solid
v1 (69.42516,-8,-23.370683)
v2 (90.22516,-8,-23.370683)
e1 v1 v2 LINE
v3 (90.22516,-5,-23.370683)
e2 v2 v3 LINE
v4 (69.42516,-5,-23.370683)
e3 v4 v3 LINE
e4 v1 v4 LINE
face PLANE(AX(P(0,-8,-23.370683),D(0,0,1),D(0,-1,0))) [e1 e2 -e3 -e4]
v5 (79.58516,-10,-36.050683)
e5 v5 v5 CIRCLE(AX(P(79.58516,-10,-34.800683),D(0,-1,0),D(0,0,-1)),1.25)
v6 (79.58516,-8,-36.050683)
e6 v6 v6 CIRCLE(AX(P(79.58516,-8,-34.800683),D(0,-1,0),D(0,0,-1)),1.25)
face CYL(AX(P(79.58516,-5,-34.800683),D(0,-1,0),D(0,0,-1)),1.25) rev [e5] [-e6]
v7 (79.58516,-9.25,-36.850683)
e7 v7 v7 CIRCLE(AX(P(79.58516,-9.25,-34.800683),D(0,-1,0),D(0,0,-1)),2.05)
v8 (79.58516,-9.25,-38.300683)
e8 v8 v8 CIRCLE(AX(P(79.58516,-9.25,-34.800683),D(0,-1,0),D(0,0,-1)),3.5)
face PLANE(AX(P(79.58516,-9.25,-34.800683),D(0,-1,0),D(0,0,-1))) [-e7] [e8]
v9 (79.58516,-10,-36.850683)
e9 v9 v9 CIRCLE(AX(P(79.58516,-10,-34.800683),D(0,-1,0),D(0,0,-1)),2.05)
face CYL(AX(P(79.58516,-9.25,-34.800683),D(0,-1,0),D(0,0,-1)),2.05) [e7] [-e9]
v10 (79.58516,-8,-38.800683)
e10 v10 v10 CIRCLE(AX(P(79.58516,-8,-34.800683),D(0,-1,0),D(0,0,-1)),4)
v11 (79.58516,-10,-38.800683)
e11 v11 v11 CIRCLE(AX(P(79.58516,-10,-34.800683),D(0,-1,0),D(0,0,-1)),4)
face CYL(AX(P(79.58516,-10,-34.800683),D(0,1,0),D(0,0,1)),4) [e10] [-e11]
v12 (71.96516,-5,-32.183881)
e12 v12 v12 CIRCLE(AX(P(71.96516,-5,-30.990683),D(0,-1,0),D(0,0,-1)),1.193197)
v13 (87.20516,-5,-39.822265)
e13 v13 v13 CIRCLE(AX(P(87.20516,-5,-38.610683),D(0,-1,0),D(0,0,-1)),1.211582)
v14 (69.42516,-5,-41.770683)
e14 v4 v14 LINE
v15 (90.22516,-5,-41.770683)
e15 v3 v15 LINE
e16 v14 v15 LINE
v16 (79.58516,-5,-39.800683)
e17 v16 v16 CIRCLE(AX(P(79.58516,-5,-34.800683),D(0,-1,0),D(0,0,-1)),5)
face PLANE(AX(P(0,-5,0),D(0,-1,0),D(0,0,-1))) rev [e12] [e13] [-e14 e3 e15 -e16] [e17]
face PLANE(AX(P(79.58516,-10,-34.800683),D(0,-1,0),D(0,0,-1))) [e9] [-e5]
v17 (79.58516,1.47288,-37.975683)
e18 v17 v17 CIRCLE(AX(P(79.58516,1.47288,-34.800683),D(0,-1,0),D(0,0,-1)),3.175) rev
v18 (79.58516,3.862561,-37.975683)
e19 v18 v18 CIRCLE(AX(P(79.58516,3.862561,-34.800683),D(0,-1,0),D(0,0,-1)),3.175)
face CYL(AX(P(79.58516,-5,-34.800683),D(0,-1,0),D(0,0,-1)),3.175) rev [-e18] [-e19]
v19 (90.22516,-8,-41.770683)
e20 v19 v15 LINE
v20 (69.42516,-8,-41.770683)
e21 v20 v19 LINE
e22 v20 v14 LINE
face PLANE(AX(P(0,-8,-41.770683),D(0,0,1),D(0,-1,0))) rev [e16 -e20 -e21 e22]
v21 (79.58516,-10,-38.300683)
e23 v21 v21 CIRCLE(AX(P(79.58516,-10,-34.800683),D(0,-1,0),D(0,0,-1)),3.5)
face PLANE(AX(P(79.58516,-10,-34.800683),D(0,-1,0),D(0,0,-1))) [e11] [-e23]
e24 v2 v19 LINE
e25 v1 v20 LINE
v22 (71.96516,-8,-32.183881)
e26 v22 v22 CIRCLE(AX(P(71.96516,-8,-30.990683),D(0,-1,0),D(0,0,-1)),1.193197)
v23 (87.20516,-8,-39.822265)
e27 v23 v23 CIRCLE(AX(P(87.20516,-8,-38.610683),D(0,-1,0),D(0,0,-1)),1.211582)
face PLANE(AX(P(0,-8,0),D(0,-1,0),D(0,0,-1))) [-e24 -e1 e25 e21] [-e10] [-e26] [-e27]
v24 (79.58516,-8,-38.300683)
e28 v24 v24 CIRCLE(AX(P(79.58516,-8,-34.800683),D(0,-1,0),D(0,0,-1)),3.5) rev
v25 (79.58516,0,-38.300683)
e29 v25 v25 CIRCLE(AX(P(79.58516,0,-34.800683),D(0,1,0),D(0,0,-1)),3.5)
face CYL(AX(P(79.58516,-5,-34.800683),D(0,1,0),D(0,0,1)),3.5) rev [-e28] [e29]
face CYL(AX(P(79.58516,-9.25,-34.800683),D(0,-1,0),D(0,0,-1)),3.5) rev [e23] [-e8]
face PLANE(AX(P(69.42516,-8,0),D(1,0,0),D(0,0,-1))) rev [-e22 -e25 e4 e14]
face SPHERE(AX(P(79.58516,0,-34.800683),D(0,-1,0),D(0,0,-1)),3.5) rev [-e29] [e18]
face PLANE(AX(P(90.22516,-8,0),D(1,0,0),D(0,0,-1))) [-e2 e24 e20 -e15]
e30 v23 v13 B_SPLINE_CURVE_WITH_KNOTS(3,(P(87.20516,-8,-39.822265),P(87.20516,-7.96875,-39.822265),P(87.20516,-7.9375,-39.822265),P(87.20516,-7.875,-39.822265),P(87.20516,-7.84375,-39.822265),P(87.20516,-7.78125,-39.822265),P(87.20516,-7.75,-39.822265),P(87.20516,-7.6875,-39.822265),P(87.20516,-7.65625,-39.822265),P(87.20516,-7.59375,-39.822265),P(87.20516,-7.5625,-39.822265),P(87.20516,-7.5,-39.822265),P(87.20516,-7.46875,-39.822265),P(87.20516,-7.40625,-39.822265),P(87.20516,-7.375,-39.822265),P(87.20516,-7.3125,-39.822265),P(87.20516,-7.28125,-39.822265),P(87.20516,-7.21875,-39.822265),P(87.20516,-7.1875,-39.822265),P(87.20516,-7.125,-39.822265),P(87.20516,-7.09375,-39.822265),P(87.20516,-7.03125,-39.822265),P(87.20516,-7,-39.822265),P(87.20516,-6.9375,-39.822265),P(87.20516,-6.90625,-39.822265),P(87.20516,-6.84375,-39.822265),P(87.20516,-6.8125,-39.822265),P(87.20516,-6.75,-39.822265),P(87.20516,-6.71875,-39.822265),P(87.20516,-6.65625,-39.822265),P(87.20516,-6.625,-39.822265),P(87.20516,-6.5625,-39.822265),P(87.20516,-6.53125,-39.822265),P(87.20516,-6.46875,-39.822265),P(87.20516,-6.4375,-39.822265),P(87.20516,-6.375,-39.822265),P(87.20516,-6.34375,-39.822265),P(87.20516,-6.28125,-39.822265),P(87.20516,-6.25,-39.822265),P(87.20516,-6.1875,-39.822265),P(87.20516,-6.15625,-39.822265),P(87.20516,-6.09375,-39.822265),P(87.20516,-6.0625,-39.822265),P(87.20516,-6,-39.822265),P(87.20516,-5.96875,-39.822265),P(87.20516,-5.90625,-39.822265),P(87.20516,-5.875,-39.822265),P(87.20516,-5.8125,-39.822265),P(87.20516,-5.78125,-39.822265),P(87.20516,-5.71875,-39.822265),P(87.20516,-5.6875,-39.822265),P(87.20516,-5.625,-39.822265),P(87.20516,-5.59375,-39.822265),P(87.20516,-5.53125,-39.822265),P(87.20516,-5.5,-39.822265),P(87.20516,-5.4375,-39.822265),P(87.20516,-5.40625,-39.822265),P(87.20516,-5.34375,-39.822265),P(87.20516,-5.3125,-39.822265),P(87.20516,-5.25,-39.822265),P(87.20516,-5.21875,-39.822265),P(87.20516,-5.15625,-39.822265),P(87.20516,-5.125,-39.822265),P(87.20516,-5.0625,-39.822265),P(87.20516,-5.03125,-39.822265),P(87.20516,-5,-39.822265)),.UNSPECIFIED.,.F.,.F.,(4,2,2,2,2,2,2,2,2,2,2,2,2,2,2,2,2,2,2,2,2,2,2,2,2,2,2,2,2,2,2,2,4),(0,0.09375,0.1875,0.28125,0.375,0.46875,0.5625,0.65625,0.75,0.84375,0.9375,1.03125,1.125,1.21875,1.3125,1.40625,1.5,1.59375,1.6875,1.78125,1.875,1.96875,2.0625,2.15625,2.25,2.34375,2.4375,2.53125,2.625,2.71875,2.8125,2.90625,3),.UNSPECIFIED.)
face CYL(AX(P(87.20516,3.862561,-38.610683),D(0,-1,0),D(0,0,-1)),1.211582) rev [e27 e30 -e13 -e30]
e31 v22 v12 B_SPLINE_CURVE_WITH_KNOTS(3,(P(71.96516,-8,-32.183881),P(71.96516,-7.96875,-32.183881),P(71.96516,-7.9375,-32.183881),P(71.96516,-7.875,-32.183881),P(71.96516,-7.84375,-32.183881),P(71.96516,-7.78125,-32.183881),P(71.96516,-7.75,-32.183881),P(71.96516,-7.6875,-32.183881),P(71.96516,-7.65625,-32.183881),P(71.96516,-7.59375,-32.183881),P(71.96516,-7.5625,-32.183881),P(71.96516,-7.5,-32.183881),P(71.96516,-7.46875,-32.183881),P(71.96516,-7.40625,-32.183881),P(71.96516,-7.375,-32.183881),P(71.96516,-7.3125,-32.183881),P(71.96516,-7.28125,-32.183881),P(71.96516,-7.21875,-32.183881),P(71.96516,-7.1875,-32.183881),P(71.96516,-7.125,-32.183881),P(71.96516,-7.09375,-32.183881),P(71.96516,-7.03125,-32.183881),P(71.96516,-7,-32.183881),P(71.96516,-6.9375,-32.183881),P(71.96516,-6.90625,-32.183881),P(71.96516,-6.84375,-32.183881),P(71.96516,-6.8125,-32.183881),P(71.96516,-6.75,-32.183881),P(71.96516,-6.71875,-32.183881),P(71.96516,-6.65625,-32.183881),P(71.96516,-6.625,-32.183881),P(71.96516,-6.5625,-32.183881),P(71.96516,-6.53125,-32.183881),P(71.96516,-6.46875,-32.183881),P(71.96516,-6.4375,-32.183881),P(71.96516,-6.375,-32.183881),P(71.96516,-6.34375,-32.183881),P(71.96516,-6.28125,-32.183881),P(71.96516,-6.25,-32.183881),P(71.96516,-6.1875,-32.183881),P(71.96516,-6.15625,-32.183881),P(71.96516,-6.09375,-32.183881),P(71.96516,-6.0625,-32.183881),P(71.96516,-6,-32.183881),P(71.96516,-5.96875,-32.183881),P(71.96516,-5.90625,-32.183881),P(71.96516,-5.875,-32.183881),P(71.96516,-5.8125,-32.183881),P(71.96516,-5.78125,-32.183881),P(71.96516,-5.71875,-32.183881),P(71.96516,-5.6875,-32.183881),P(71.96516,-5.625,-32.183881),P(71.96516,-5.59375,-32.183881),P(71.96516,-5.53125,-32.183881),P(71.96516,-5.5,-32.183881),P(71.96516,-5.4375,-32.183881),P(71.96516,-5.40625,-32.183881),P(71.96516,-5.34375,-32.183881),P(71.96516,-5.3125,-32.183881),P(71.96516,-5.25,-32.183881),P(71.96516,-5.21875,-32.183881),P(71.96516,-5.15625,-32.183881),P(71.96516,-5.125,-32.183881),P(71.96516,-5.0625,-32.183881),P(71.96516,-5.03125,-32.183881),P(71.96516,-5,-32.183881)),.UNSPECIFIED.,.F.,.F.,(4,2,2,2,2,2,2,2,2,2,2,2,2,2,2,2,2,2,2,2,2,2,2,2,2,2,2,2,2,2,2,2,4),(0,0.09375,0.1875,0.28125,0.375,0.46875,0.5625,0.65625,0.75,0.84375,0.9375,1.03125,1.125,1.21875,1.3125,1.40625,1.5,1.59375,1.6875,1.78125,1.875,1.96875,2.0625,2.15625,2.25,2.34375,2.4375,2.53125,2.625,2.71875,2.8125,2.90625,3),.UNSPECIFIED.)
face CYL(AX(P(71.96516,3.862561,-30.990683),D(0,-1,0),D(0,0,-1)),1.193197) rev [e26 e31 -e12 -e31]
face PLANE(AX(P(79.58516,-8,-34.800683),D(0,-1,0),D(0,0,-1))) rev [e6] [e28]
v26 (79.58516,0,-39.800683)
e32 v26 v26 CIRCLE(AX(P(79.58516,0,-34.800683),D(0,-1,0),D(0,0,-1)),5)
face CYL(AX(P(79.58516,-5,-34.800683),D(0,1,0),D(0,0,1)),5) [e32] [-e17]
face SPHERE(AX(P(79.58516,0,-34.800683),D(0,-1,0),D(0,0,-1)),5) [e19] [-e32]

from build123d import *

# Parameters (mm, degrees)
REVOLVE1_ANGLE             = 180
SKETCH3_R                  = 5
SKETCH3_R_2                = 3.5
BOSS_EXTRUDE1_DEPTH        = 5
F_1_4_0_2500_DOWEL_HOLE2_D = 6.35
SKETCH8_W                  = 20.8
SKETCH8_H                  = 18.4
SKETCH8_R                  = 3.5
BOSS_EXTRUDE3_DEPTH        = 3
CUT_EXTRUDE1_DEPTH         = 101.130363876
SKETCH11_R                 = 4
BOSS_EXTRUDE4_DEPTH        = 2
SKETCH12_R                 = 1.25
CUT_EXTRUDE2_DEPTH         = 5
CUT_EXTRUDE4_START         = -0.75
SKETCH13_R                 = 3.5
SKETCH13_R_2               = 2.05
CUT_EXTRUDE4_DEPTH         = 0.75


with BuildPart() as part:
    # Sketch2 → Revolve1 (revolve)
    with BuildSketch(Plane(origin=(0, 0, 0), x_dir=(1, 0, 0), z_dir=(0, 1, 0))):
        with BuildLine():
            Line((76.085159762, 34.800683112), (74.585159762, 34.800683112))
            ThreePointArc((74.585159762, 34.800683112), (79.585159762, 39.800683112), (84.585159762, 34.800683112))
            Line((84.585159762, 34.800683112), (83.085159762, 34.800683112))
            ThreePointArc((83.085159762, 34.800683112), (79.585159762, 38.300683112), (76.085159762, 34.800683112))
        make_face()
    revolve(axis=Axis((79.585159762, 0, -34.800683112), (1, 0, 0)), revolution_arc=REVOLVE1_ANGLE)

    # Sketch3 → Boss-Extrude1 (add)
    with BuildSketch(Plane.XZ):
        with Locations(Location((79.585159762, -34.800683112, 0), (0, 0, 270))):
            Circle(SKETCH3_R)
        with Locations(Location((79.585159762, -34.800683112, 0), (0, 0, 270))):
            Circle(SKETCH3_R_2, mode=Mode.SUBTRACT)
    extrude(amount=BOSS_EXTRUDE1_DEPTH)

    # 1/4 (0.2500) Dowel Hole2 (through all)
    with Locations(Plane(origin=(79.585159762, -5, -34.800683112), x_dir=(0, 0, -1), z_dir=(0, -1, 0))):
        with Locations((0, 0)):
            Hole(F_1_4_0_2500_DOWEL_HOLE2_D / 2)

    # Sketch8 → Boss-Extrude3 (add)
    with BuildSketch(Plane(origin=(0, -5, 0), x_dir=(-1, 0, 0), z_dir=(0, -1, 0))):
        with Locations((-79.825159762, 32.570683112)):
            Rectangle(SKETCH8_W, SKETCH8_H)
        with Locations((-79.585159762, 34.800683112)):
            Circle(SKETCH8_R, mode=Mode.SUBTRACT)
    extrude(amount=BOSS_EXTRUDE3_DEPTH)

    # Sketch10 → Cut-Extrude1 (cut, through all)
    with BuildSketch(Plane(origin=(0, -8, 0), x_dir=(-1, 0, 0), z_dir=(0, -1, 0))):
        with BuildLine():
            ThreePointArc((-85.993577992, 38.610683112), (-88.061877446, 39.467400797), (-87.205159762, 37.399101343))
            Line((-87.205159762, 37.399101343), (-87.205159762, 38.610683112))
            Line((-87.205159762, 38.610683112), (-85.993577992, 38.610683112))
        make_face()
        with BuildLine():
            Line((-87.205159762, 38.610683112), (-87.205159762, 37.399101343))
            ThreePointArc((-87.205159762, 37.399101343), (-86.348442077, 37.753965427), (-85.993577992, 38.610683112))
            Line((-85.993577992, 38.610683112), (-87.205159762, 38.610683112))
        make_face()
        with BuildLine():
            ThreePointArc((-70.771962331, 30.990683112), (-72.808877756, 31.834401106), (-71.965159762, 29.797485681))
            Line((-71.965159762, 29.797485681), (-71.965159762, 30.990683112))
            Line((-71.965159762, 30.990683112), (-70.771962331, 30.990683112))
        make_face()
        with BuildLine():
            Line((-71.965159762, 30.990683112), (-71.965159762, 29.797485681))
            ThreePointArc((-71.965159762, 29.797485681), (-71.121441767, 30.146965118), (-70.771962331, 30.990683112))
            Line((-70.771962331, 30.990683112), (-71.965159762, 30.990683112))
        make_face()
    extrude(amount=-CUT_EXTRUDE1_DEPTH, mode=Mode.SUBTRACT)

    # Sketch11 → Boss-Extrude4 (add)
    with BuildSketch(Plane(origin=(0, -8, 0), x_dir=(-1, 0, 0), z_dir=(0, -1, 0))):
        with Locations(Location((-79.585159762, 34.800683112, 0), (0, 0, 90))):
            Circle(SKETCH11_R)
    extrude(amount=BOSS_EXTRUDE4_DEPTH)

    # Sketch12 → Cut-Extrude2 (cut)
    with BuildSketch(Plane(origin=(0, -10, 0), x_dir=(-1, 0, 0), z_dir=(0, -1, 0))):
        with Locations(Location((-79.585159762, 34.800683112, 0), (0, 0, 90))):
            Circle(SKETCH12_R)
    extrude(amount=-CUT_EXTRUDE2_DEPTH, mode=Mode.SUBTRACT)

    # Sketch13 → Cut-Extrude4 (cut)
    with BuildSketch(Plane(origin=(0, -10, 0), x_dir=(-1, 0, 0), z_dir=(0, -1, 0)).offset(CUT_EXTRUDE4_START)):
        with Locations(Location((-79.585159762, 34.800683112, 0), (0, 0, 90))):
            Circle(SKETCH13_R)
        with Locations(Location((-79.585159762, 34.800683112, 0), (0, 0, 90))):
            Circle(SKETCH13_R_2, mode=Mode.SUBTRACT)
    extrude(amount=CUT_EXTRUDE4_DEPTH, mode=Mode.SUBTRACT)


solid = part.part
